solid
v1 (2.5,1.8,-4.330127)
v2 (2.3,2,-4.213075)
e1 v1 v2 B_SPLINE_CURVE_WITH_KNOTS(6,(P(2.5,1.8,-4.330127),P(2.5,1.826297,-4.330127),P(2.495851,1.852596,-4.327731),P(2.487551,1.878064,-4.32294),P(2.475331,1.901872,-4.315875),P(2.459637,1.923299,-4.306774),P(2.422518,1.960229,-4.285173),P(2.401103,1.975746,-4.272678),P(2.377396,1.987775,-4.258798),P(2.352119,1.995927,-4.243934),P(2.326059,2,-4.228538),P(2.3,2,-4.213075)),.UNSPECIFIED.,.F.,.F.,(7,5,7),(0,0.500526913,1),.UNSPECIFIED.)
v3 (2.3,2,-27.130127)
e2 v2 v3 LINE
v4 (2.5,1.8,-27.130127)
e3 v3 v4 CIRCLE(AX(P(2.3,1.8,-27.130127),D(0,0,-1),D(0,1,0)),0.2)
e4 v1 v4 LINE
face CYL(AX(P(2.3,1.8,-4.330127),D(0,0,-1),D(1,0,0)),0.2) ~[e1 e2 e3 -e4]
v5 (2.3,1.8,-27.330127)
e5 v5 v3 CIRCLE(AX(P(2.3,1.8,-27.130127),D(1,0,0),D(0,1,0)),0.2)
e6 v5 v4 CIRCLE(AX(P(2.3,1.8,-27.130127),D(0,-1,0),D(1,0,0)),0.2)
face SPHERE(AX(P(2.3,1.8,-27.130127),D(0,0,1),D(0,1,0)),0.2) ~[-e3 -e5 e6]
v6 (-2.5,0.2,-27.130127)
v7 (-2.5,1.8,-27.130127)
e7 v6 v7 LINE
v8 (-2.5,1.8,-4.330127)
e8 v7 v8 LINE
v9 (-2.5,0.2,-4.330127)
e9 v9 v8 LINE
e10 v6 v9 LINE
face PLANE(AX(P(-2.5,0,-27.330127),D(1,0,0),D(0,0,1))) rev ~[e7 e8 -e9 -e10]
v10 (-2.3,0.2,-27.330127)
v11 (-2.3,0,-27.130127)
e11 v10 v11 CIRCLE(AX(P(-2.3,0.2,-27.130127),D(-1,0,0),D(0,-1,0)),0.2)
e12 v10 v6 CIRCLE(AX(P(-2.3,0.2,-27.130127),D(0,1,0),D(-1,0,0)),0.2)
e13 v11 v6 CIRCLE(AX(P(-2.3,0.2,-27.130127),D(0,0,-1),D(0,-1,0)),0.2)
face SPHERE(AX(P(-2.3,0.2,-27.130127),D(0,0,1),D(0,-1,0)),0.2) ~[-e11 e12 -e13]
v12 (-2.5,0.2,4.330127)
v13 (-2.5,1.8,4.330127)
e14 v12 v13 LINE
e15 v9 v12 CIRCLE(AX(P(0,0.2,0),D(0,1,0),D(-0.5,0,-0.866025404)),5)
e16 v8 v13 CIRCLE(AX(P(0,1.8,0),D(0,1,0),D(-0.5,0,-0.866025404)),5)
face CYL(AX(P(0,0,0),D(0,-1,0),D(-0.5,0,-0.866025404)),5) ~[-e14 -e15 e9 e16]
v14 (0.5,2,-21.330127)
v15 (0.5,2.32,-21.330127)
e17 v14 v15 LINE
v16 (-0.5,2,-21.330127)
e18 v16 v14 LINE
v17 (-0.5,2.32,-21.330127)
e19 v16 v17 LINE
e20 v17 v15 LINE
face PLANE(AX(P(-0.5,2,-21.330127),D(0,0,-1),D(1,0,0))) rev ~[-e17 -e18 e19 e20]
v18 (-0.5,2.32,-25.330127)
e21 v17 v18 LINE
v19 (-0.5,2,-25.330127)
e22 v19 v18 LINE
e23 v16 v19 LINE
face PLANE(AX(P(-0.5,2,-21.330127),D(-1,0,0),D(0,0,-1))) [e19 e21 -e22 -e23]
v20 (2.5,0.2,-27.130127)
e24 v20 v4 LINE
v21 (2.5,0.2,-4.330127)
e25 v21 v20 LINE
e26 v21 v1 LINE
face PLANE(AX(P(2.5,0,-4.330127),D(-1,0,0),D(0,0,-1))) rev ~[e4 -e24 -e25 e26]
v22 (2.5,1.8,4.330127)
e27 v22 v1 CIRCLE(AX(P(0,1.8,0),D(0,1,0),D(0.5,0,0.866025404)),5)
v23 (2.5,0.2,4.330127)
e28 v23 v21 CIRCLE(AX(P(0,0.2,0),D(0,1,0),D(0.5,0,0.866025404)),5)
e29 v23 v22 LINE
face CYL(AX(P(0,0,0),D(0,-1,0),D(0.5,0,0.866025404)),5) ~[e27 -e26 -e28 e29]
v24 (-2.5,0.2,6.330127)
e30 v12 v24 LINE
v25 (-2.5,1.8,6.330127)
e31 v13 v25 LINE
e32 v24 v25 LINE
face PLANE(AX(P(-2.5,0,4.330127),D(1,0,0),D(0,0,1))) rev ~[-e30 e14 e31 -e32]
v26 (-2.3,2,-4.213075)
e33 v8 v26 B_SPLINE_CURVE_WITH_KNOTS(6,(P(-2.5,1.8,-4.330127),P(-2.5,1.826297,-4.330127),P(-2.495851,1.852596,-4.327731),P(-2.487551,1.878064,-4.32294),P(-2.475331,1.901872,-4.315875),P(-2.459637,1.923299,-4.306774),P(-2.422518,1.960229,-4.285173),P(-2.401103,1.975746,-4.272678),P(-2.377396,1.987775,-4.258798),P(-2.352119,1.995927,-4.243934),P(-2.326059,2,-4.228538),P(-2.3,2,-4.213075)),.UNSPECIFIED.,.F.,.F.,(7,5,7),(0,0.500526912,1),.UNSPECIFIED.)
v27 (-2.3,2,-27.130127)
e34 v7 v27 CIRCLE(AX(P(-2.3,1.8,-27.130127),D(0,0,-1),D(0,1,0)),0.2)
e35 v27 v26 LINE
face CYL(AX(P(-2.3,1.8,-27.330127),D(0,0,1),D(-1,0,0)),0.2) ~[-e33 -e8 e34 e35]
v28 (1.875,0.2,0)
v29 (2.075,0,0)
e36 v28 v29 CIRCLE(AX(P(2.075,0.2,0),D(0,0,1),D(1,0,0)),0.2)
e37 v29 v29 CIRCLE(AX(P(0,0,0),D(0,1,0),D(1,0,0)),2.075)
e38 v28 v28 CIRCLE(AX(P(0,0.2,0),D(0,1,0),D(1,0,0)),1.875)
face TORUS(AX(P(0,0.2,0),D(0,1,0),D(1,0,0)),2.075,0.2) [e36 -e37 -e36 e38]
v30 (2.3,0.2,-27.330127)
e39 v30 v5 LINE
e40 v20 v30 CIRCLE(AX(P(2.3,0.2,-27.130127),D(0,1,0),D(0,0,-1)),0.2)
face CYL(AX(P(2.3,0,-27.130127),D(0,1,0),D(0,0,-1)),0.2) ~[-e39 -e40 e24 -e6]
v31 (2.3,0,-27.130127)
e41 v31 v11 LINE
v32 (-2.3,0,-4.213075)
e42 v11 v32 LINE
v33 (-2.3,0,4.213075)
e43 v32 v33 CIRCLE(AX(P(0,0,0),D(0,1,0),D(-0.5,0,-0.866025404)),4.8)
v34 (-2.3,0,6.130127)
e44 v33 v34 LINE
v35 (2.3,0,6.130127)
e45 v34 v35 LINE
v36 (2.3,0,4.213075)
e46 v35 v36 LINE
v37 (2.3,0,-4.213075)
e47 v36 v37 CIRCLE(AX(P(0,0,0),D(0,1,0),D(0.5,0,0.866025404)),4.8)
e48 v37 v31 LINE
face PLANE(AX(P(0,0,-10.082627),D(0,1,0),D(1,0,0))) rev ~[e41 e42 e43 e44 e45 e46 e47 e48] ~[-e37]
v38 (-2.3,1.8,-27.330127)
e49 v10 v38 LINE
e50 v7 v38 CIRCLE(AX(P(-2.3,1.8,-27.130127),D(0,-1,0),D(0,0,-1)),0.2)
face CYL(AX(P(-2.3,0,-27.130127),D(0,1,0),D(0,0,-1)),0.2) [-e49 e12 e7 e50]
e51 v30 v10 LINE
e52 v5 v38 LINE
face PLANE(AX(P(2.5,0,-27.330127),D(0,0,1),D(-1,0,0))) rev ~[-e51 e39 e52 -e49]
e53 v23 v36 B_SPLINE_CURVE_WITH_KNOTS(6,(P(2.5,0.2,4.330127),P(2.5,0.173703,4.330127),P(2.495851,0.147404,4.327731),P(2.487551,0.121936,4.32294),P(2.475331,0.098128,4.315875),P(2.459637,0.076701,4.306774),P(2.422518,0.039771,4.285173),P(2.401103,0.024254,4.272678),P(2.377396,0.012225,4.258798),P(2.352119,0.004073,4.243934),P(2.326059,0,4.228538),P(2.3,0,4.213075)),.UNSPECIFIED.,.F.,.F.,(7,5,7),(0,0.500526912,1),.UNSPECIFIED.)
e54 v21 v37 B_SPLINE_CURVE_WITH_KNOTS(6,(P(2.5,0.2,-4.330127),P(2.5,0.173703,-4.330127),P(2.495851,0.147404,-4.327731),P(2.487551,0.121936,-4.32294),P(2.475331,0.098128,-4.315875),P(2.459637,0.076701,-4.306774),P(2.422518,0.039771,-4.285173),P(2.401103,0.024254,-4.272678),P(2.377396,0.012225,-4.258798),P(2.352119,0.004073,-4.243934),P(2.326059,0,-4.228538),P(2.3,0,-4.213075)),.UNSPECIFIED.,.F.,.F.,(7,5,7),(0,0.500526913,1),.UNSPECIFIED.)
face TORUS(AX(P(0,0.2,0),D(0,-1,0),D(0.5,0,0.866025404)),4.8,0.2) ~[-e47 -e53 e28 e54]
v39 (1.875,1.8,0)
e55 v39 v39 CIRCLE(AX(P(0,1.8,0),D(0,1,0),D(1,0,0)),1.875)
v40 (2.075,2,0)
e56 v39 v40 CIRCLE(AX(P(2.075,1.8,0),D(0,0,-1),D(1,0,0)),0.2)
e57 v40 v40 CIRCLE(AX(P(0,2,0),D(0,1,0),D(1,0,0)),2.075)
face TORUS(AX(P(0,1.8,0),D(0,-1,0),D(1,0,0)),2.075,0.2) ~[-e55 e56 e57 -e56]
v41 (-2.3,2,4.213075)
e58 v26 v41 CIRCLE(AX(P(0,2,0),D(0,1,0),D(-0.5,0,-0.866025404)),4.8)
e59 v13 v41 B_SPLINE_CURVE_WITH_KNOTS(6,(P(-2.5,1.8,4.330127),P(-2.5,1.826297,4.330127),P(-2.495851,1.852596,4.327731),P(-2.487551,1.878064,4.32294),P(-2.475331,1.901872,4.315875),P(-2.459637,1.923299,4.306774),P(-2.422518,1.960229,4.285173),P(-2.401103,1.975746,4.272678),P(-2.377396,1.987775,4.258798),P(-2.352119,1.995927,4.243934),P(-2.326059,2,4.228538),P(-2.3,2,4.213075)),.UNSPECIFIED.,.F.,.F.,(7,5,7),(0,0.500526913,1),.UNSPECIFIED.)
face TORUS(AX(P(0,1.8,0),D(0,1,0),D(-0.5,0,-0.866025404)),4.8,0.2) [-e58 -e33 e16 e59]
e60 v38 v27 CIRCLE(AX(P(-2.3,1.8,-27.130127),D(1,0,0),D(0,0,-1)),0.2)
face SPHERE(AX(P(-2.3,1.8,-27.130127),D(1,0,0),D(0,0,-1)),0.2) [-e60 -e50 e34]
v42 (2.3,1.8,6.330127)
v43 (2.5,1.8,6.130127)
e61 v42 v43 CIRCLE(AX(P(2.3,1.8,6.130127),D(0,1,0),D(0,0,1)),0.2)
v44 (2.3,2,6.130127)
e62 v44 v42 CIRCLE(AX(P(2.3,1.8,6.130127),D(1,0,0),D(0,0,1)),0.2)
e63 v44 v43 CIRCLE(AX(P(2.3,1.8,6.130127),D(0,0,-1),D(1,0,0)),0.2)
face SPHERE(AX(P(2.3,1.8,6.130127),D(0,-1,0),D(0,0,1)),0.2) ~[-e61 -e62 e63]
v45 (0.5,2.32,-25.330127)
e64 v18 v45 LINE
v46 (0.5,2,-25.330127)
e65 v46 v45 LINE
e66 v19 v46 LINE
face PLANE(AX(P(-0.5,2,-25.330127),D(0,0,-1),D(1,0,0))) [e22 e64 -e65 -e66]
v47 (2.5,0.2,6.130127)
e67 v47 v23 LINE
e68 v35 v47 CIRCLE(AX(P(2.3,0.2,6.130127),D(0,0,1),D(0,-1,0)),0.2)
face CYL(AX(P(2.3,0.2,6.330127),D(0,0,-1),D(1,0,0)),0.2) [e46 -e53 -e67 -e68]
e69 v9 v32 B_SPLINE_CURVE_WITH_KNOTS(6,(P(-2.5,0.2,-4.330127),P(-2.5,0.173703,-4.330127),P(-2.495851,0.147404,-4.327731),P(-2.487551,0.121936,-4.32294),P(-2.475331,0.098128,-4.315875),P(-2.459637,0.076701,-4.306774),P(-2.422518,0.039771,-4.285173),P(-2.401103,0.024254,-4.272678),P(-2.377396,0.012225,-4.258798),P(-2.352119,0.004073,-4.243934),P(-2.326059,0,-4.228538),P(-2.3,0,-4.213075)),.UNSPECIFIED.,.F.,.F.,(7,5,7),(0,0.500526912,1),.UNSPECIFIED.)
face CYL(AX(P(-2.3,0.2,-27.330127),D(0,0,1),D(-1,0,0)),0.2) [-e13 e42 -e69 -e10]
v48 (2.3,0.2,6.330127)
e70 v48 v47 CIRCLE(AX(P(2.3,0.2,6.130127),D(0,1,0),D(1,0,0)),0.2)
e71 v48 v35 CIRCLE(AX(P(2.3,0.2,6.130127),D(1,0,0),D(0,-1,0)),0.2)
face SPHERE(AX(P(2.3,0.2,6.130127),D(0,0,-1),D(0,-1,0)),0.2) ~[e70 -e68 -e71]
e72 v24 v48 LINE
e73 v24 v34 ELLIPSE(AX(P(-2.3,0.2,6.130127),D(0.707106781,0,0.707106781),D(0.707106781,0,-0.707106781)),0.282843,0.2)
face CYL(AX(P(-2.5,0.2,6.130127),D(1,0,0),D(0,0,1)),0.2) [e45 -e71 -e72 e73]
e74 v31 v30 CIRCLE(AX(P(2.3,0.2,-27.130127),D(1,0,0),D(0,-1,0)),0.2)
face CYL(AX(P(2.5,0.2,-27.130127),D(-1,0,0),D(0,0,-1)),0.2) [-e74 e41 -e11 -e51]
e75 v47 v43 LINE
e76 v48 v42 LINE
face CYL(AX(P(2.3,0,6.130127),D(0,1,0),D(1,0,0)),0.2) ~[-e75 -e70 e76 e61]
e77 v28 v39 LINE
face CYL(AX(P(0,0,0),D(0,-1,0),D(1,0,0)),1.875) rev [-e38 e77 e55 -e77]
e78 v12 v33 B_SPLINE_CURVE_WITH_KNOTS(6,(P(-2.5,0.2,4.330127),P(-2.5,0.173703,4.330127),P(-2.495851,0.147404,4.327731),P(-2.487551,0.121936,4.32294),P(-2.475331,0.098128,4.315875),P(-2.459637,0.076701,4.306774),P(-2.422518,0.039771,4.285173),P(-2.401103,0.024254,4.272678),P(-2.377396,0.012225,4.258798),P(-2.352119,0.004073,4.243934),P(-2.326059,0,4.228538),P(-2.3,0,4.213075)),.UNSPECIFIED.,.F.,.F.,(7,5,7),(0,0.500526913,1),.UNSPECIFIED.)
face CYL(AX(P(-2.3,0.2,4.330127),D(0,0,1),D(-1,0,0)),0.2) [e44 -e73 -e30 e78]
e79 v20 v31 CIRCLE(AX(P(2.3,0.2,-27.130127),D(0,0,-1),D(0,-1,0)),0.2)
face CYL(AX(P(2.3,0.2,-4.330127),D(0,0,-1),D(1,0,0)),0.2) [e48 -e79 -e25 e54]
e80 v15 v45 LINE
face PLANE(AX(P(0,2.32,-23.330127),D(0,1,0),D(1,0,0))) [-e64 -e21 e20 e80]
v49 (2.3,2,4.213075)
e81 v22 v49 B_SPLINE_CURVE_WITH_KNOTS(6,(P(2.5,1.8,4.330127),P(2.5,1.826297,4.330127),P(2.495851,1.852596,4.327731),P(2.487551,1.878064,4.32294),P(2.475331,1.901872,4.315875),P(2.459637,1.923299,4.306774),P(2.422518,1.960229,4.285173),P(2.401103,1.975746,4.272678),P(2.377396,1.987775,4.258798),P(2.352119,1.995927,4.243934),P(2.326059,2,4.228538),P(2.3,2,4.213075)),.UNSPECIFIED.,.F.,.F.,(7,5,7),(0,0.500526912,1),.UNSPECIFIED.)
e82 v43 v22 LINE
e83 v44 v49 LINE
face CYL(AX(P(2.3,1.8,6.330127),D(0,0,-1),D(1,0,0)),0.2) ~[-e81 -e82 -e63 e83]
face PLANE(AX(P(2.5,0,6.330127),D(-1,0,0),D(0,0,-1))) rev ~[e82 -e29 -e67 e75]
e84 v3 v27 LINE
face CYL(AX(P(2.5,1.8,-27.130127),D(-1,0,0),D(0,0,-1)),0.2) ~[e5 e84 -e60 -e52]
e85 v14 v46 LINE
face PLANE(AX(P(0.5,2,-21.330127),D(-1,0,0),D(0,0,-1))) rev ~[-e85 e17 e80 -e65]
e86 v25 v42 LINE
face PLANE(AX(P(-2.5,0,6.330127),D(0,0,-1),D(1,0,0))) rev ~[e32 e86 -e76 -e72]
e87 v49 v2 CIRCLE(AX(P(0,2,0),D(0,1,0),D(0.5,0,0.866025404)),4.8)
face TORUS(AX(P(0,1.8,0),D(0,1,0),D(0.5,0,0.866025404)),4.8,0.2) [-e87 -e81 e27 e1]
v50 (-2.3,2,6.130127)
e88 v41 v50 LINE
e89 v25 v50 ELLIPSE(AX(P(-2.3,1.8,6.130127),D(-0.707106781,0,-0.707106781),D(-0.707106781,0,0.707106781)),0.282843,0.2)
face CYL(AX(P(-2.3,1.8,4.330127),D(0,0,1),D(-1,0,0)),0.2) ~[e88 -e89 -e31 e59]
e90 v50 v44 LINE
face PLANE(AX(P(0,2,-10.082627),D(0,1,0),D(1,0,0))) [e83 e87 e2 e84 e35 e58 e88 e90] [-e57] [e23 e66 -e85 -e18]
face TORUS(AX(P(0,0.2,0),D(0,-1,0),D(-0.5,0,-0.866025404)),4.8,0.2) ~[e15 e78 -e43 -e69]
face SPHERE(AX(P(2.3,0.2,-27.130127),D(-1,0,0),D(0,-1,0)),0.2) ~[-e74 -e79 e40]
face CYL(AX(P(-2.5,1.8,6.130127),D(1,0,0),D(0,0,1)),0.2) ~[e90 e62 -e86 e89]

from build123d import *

# Parameters (mm, degrees)
SKETCH_1_R      = 1.875
EXTRUDE_1_DEPTH = 2
FILLET_1_R      = 0.2
SKETCH_2_W      = 1
SKETCH_2_H      = 4
EXTRUDE_2_DEPTH = 0.32


with BuildPart() as part:
    # 草图1 → 凸台-拉伸1 (new body)
    with BuildSketch(Plane(origin=(0, 0, 0), x_dir=(1, 0, 0), z_dir=(0, 1, 0))):
        with BuildLine():
            Line((2.5, 27.330127019), (-2.5, 27.330127019))
            Line((-2.5, 27.330127019), (-2.5, 4.330127019))
            ThreePointArc((-2.5, 4.330127019), (-5, 0), (-2.5, -4.330127019))
            Line((-2.5, -4.330127019), (-2.5, -6.330127019))
            Line((-2.5, -6.330127019), (2.5, -6.330127019))
            Line((2.5, -6.330127019), (2.5, -4.330127019))
            ThreePointArc((2.5, -4.330127019), (5, 0), (2.5, 4.330127019))
            Line((2.5, 4.330127019), (2.5, 27.330127019))
        make_face()
        Circle(SKETCH_1_R, mode=Mode.SUBTRACT)
    extrude(amount=EXTRUDE_1_DEPTH)

    # 圆角1
    fillet_1_edges = [part.edges().sort_by_distance(p)[0] for p in [
        (-1.875, 0, 0),
        (2.5, 2, -15.830127019),
        (2.5, 0, 5.330127019),
        (0, 0, 6.330127019),
        (-2.5, 0, 5.330127019),
        (-5, 0, 0),
        (-2.5, 0, -15.830127019),
        (0, 0, -27.330127019),
        (2.5, 0, -15.830127019),
        (5, 0, 0),
        (0, 2, -27.330127019),
        (2.5, 1, 6.330127019),
        (-2.5, 1, -27.330127019),
        (2.5, 1, -27.330127019),
        (-2.5, 2, -15.830127019),
        (-5, 2, 0),
        (-2.5, 2, 5.330127019),
        (0, 2, 6.330127019),
        (2.5, 2, 5.330127019),
        (-1.875, 2, 0),
        (5, 2, 0),
    ]]
    fillet(fillet_1_edges, radius=FILLET_1_R)

    # 草图2 → 凸台-拉伸2 (add)
    with BuildSketch(Plane(origin=(0, 2, 0), x_dir=(1, 0, 0), z_dir=(0, 1, 0))):
        with Locations((0, 23.330127019)):
            Rectangle(SKETCH_2_W, SKETCH_2_H)
    extrude(amount=EXTRUDE_2_DEPTH)


solid = part.part
